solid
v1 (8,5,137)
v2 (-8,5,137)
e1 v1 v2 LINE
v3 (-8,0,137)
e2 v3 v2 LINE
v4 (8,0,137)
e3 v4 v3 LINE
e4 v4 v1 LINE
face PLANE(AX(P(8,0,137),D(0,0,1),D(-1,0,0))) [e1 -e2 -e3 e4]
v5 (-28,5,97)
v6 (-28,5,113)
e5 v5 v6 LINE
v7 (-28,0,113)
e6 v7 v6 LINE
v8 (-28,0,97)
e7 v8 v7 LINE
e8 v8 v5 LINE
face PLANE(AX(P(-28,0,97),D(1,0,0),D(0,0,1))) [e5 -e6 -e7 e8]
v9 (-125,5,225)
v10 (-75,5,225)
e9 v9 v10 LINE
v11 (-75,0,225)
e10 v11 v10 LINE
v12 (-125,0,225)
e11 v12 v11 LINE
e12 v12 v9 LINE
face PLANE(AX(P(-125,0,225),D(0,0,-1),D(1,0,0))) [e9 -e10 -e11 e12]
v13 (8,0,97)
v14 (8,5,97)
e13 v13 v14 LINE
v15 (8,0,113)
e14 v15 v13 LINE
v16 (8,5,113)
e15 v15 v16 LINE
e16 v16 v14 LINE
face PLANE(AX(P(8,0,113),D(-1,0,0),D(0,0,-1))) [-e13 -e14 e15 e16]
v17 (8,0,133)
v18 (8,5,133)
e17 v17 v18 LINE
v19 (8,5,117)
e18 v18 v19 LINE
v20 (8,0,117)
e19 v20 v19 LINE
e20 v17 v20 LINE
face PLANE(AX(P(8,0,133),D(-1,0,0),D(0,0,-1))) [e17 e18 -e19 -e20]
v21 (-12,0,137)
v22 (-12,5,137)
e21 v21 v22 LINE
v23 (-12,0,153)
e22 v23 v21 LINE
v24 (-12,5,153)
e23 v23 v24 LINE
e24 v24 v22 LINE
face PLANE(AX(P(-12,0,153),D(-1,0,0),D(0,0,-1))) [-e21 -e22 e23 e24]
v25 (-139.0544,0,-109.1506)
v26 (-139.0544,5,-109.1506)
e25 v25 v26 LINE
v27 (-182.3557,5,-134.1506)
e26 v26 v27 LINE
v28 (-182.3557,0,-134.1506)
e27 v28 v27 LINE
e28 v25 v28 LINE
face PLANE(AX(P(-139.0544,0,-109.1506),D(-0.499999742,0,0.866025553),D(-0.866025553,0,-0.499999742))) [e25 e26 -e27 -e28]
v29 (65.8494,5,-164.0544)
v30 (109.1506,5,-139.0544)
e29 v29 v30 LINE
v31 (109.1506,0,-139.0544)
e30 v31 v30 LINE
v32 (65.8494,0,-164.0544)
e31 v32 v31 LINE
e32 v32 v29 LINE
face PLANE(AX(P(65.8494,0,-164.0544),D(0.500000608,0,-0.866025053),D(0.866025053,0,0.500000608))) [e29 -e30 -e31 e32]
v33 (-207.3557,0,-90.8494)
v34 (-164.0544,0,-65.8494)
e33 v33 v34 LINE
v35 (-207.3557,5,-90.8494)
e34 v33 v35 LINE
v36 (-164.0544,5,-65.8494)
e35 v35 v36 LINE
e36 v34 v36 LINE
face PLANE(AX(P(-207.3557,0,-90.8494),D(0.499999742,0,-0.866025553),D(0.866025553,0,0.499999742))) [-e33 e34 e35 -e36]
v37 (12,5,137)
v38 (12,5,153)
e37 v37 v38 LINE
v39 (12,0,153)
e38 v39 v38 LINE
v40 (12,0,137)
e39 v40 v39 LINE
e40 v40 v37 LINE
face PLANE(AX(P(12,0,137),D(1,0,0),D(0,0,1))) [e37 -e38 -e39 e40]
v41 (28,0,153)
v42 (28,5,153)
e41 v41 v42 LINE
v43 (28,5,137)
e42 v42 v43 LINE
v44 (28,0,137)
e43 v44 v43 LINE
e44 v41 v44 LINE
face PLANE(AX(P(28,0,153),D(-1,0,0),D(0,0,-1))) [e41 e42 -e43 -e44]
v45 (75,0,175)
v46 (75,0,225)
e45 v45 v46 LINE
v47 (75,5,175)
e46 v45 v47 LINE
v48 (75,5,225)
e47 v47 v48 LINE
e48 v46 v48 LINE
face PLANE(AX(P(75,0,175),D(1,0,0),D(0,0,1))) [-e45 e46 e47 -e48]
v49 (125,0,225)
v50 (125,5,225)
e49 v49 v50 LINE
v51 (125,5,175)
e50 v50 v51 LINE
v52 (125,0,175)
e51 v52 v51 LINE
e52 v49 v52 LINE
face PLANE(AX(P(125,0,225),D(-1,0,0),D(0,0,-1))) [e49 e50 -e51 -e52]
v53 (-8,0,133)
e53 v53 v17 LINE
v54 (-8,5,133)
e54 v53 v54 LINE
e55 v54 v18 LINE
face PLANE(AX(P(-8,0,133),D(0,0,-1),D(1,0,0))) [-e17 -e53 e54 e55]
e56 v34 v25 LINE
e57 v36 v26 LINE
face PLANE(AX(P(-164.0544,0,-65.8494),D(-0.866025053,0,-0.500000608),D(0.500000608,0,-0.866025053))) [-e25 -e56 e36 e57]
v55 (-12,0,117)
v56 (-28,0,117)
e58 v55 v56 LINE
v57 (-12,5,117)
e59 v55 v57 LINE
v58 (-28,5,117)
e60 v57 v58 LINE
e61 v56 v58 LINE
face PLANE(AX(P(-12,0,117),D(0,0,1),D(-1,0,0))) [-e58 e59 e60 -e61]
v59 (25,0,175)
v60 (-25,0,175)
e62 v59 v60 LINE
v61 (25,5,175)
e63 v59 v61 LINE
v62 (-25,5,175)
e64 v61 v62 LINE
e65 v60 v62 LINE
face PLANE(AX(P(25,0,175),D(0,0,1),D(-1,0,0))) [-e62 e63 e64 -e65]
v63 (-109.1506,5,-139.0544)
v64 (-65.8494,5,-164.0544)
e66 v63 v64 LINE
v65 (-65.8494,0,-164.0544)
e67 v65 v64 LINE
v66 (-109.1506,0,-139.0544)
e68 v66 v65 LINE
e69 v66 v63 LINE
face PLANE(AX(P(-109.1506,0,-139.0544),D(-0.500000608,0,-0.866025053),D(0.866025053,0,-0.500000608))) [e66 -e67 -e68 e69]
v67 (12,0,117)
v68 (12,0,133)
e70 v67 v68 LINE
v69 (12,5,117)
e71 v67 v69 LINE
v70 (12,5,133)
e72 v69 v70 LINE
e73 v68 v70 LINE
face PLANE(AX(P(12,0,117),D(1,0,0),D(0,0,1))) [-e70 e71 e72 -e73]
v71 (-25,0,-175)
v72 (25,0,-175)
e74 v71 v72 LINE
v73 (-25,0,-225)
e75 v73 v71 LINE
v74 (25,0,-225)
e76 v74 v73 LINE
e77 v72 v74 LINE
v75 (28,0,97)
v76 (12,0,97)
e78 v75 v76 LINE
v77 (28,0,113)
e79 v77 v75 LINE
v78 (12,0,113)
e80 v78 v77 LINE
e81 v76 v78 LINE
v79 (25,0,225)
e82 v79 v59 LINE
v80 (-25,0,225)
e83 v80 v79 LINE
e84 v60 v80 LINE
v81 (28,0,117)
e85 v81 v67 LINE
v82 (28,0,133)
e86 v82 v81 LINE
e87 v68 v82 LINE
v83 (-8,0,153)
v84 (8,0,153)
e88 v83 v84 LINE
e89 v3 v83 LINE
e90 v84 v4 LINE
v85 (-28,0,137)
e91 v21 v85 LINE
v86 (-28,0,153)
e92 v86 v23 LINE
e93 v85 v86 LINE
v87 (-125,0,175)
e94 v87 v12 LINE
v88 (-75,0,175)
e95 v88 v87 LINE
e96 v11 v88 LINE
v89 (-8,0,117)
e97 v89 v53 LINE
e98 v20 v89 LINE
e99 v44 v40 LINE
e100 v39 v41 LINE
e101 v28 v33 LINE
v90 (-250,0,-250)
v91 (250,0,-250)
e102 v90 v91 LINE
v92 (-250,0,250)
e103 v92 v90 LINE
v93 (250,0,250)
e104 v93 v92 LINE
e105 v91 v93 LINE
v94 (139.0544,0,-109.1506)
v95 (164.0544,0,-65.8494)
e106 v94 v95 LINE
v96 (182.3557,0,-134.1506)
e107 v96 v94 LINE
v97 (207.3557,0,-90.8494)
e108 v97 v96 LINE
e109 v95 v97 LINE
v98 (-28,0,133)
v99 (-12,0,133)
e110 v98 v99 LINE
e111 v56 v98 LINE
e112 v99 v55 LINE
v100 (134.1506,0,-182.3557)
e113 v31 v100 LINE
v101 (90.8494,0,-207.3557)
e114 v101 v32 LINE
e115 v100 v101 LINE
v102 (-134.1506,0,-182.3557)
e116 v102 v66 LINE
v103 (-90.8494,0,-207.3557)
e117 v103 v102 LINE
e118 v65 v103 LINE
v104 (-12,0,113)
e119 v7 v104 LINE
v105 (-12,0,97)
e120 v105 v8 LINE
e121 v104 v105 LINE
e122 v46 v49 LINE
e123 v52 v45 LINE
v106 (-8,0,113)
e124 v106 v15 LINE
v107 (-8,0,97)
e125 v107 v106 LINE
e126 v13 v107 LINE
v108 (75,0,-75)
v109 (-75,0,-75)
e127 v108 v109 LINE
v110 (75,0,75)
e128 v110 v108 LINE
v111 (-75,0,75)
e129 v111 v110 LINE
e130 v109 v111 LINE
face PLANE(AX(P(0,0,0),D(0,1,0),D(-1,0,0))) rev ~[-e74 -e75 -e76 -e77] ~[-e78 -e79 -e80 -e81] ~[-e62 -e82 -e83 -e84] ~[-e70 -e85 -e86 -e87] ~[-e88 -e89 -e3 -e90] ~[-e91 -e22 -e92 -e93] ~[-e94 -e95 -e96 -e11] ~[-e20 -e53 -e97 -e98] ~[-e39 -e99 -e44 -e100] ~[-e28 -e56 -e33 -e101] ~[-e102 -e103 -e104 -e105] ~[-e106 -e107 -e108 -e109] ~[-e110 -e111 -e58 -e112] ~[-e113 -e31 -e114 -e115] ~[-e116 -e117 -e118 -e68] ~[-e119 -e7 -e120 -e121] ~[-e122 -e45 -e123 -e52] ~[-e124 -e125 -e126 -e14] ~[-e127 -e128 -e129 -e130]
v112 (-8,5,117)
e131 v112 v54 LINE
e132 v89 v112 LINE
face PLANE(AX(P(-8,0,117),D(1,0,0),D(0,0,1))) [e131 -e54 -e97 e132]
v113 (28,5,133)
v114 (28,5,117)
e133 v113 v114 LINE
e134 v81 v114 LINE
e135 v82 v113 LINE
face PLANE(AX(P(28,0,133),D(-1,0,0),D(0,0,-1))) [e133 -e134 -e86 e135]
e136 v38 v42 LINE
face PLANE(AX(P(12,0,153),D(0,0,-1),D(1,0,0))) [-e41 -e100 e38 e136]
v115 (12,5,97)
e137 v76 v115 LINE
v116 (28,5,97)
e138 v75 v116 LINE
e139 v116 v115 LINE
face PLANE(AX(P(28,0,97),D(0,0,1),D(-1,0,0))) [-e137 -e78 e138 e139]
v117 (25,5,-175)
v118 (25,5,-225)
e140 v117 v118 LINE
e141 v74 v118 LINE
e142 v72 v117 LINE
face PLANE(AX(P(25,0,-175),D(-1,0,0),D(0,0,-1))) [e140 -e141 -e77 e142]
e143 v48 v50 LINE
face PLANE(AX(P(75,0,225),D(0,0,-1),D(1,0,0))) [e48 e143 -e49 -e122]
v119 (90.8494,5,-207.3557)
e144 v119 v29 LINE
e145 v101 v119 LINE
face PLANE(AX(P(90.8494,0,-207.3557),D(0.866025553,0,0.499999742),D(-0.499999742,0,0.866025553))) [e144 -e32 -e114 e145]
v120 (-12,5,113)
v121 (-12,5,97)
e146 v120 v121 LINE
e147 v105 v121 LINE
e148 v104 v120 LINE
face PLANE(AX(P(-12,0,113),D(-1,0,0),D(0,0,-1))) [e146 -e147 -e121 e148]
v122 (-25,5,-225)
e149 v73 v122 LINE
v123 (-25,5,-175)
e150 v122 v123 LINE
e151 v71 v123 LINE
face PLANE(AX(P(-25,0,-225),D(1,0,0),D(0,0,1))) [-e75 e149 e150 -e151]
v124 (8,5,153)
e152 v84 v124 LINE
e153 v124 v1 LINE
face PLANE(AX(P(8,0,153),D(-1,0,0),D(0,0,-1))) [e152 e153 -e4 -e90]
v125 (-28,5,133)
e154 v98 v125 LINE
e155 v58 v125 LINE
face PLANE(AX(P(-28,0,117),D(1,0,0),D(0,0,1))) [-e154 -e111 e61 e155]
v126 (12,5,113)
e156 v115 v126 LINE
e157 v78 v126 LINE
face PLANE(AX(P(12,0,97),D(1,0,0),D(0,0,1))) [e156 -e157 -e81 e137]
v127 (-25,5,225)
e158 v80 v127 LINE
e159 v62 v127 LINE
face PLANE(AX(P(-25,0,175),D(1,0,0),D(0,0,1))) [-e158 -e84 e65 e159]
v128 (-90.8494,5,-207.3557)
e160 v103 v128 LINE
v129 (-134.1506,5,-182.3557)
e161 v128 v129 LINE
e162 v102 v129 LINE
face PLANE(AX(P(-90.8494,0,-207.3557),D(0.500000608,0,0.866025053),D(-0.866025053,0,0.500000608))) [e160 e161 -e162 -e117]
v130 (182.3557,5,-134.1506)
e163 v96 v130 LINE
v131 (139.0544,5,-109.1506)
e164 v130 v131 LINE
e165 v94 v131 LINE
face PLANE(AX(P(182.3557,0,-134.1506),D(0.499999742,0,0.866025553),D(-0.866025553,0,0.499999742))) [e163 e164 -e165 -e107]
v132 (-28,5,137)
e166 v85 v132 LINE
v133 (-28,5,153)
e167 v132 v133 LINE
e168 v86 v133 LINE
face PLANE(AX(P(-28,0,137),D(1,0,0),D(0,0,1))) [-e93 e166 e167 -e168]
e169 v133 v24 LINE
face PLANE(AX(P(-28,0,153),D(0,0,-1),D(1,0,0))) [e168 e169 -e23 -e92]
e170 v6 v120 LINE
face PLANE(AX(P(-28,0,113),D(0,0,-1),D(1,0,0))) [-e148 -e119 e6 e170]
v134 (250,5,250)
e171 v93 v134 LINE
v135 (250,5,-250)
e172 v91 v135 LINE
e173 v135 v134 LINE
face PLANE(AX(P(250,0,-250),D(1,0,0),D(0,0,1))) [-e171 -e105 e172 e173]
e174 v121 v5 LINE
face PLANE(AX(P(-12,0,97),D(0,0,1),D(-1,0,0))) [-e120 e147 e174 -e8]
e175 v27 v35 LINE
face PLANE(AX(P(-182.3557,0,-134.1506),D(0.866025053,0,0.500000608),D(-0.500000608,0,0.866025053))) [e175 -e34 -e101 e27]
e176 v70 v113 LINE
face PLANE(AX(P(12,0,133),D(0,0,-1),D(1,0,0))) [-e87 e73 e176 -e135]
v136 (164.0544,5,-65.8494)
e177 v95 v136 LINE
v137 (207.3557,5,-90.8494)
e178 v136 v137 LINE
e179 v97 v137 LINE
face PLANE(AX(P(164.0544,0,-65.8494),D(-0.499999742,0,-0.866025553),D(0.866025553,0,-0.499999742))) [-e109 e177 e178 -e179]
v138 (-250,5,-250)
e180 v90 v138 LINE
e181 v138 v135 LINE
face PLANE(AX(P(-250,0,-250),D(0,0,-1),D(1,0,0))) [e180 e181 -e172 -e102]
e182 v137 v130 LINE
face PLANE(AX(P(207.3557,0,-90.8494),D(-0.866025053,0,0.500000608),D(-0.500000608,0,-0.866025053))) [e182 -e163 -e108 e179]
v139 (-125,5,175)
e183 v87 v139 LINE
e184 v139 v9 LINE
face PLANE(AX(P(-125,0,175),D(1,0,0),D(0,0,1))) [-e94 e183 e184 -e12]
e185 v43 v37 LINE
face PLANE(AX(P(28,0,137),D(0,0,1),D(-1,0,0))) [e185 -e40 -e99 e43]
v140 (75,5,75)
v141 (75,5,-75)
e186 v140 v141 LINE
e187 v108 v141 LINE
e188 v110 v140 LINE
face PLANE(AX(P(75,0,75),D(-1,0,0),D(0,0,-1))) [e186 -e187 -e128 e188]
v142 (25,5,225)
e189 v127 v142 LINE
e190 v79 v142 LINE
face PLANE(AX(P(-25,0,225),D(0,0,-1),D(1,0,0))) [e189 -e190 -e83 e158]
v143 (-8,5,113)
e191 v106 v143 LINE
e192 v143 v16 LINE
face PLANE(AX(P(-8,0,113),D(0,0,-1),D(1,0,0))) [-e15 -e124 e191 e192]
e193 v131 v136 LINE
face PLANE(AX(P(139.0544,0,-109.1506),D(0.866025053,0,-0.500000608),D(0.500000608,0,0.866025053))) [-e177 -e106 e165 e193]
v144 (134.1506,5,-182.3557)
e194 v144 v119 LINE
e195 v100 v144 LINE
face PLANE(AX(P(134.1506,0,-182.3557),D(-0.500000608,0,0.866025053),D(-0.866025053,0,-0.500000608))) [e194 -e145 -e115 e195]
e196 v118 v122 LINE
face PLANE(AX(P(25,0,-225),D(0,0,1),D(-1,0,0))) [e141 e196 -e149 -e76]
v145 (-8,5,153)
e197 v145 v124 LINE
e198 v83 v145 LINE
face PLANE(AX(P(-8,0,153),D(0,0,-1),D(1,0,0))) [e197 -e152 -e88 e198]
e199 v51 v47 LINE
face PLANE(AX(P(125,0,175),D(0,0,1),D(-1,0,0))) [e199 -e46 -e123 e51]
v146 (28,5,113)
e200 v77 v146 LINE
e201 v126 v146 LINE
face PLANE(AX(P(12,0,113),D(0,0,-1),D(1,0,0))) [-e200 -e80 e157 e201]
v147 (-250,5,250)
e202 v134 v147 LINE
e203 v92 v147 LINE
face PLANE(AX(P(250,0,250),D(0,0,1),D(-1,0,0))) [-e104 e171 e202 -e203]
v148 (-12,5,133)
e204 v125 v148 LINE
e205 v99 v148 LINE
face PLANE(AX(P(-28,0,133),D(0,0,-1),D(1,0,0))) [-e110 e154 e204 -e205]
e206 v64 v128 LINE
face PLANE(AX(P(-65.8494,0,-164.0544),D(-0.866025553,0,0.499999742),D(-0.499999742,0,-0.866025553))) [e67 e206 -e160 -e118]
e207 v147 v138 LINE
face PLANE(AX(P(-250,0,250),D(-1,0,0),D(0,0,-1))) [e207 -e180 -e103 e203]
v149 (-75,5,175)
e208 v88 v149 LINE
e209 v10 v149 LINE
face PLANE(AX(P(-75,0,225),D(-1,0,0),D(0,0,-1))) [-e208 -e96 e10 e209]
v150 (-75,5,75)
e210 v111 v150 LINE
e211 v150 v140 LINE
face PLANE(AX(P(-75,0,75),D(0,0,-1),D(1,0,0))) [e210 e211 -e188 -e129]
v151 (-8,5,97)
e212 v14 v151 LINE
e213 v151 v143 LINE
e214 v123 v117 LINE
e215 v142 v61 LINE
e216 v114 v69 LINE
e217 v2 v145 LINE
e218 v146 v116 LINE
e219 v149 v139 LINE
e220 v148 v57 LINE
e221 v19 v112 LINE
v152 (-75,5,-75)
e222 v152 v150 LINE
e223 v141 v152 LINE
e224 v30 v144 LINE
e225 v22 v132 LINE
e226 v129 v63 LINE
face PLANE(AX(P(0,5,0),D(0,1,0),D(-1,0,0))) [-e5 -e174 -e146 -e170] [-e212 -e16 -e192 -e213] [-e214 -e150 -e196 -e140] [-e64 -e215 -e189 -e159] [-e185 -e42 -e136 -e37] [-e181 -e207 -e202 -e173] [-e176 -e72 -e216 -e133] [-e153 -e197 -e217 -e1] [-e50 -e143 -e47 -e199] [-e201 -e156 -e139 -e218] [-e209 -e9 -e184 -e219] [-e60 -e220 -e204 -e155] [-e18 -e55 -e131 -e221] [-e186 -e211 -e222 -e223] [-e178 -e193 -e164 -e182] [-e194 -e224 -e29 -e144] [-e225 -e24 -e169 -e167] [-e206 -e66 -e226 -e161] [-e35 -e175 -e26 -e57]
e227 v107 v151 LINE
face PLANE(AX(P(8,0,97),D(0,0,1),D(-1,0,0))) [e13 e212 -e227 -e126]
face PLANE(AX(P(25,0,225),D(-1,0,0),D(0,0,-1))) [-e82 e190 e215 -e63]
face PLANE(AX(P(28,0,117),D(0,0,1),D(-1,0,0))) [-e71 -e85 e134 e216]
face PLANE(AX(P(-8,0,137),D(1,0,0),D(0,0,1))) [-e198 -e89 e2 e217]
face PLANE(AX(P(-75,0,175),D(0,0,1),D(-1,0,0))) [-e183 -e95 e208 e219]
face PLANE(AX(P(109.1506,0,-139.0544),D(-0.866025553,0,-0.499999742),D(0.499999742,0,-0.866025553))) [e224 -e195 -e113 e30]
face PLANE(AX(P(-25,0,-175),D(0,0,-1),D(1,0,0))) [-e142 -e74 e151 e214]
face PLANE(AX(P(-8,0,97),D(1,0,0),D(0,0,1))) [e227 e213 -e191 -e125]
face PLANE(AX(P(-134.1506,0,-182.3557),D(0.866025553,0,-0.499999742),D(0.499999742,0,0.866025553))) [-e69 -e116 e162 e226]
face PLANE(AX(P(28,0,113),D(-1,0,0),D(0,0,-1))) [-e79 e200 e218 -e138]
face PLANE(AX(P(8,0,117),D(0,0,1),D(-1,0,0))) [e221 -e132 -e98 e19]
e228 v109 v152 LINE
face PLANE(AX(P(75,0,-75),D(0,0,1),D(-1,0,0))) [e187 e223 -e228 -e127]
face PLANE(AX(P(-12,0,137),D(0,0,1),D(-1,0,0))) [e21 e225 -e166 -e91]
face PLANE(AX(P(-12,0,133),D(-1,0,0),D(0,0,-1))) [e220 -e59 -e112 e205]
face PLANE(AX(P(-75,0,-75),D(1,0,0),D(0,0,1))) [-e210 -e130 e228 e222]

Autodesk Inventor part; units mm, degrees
ref_plane "YZ Plane" through (0, 0, 0) normal (1, 0, 0) x (0, 1, 0)
ref_plane "XZ Plane" through (0, 0, 0) normal (0, 1, 0) x (-1, 0, 0)
ref_plane "XY Plane" through (0, 0, 0) normal (0, 0, 1) x (1, 0, 0)
sketch "Эскиз1" plane through (0, 0, 0) normal (0, 1, 0) x (-1, 0, 0)
  line L0 (28, 97) -> (28, 113)
  line L1 (28, 113) -> (12, 113)
  line L2 (12, 113) -> (12, 97)
  line L3 (12, 97) -> (28, 97)
  line L4 (8, 97) -> (8, 113)
  line L5 (8, 113) -> (-8, 113)
  line L6 (-8, 113) -> (-8, 97)
  line L7 (-8, 97) -> (8, 97)
  line L8 (-12, 97) -> (-12, 113)
  line L9 (-12, 113) -> (-28, 113)
  line L10 (-28, 113) -> (-28, 97)
  line L11 (-28, 97) -> (-12, 97)
  line L12 (-12, 117) -> (-12, 133)
  line L13 (-12, 133) -> (-28, 133)
  line L14 (-28, 133) -> (-28, 117)
  line L15 (-28, 117) -> (-12, 117)
  line L16 (8, 133) -> (-8, 133)
  line L17 (-8, 133) -> (-8, 117)
  line L18 (-8, 117) -> (8, 117)
  line L19 (8, 117) -> (8, 133)
  line L20 (28, 117) -> (28, 133)
  line L21 (28, 133) -> (12, 133)
  line L22 (12, 133) -> (12, 117)
  line L23 (12, 117) -> (28, 117)
  line L24 (28, 137) -> (28, 153)
  line L25 (28, 153) -> (12, 153)
  line L26 (12, 153) -> (12, 137)
  line L27 (12, 137) -> (28, 137)
  line L28 (8, 137) -> (8, 153)
  line L29 (8, 153) -> (-8, 153)
  line L30 (-8, 153) -> (-8, 137)
  line L31 (-8, 137) -> (8, 137)
  line L32 (-12, 137) -> (-12, 153)
  line L33 (-12, 153) -> (-28, 153)
  line L34 (-28, 153) -> (-28, 137)
  line L35 (-28, 137) -> (-12, 137)
  line L36 (-75, 225) -> (-125, 225)
  line L37 (-125, 225) -> (-125, 175)
  line L38 (-125, 175) -> (-75, 175)
  line L39 (-75, 175) -> (-75, 225)
  line L40 (25, 225) -> (-25, 225)
  line L41 (-25, 225) -> (-25, 175)
  line L42 (-25, 175) -> (25, 175)
  line L43 (25, 175) -> (25, 225)
  line L44 (125, 225) -> (75, 225)
  line L45 (75, 225) -> (75, 175)
  line L46 (75, 175) -> (125, 175)
  line L47 (125, 175) -> (125, 225)
  line L48 (75, 75) -> (-75, 75)
  line L49 (-75, 75) -> (-75, -75)
  line L50 (-75, -75) -> (75, -75)
  line L51 (75, -75) -> (75, 75)
  line L52 (-139.0544, -109.1506) -> (-164.0544, -65.8494)
  line L53 (-164.0544, -65.8494) -> (-207.3557, -90.8494)
  line L54 (-207.3557, -90.8494) -> (-182.3557, -134.1506)
  line L55 (-182.3557, -134.1506) -> (-139.0544, -109.1506)
  line L56 (-65.8494, -164.0544) -> (-109.1506, -139.0544)
  line L57 (-109.1506, -139.0544) -> (-134.1506, -182.3557)
  line L58 (-134.1506, -182.3557) -> (-90.8494, -207.3557)
  line L59 (-90.8494, -207.3557) -> (-65.8494, -164.0544)
  line L60 (25, -175) -> (-25, -175)
  line L61 (-25, -175) -> (-25, -225)
  line L62 (-25, -225) -> (25, -225)
  line L63 (25, -225) -> (25, -175)
  line L64 (109.1506, -139.0544) -> (65.8494, -164.0544)
  line L65 (65.8494, -164.0544) -> (90.8494, -207.3557)
  line L66 (90.8494, -207.3557) -> (134.1506, -182.3557)
  line L67 (134.1506, -182.3557) -> (109.1506, -139.0544)
  line L68 (164.0544, -65.8494) -> (139.0544, -109.1506)
  line L69 (139.0544, -109.1506) -> (182.3557, -134.1506)
  line L70 (182.3557, -134.1506) -> (207.3557, -90.8494)
  line L71 (207.3557, -90.8494) -> (164.0544, -65.8494)
  line L72 (-250, -250) -> (-250, 250)
  line L73 (-250, 250) -> (250, 250)
  line L74 (250, 250) -> (250, -250)
  line L75 (250, -250) -> (-250, -250)
  line L76 (-75, 225) -> (-125, 225)
  line L77 (-125, 225) -> (-125, 175)
  line L78 (-125, 175) -> (-75, 175)
  line L79 (-75, 175) -> (-75, 225)
  line L80 (28, 153) -> (12, 153)
  line L81 (12, 153) -> (12, 137)
  line L82 (12, 137) -> (28, 137)
  line L83 (28, 137) -> (28, 153)
  line L84 (28, 133) -> (12, 133)
  line L85 (12, 133) -> (12, 117)
  line L86 (12, 117) -> (28, 117)
  line L87 (28, 117) -> (28, 133)
  line L88 (28, 113) -> (12, 113)
  line L89 (12, 113) -> (12, 97)
  line L90 (12, 97) -> (28, 97)
  line L91 (28, 97) -> (28, 113)
  line L92 (8, 113) -> (-8, 113)
  line L93 (-8, 113) -> (-8, 97)
  line L94 (-8, 97) -> (8, 97)
  line L95 (8, 97) -> (8, 113)
  line L96 (-12, 97) -> (-28, 97)
  line L97 (-28, 97) -> (-28, 113)
  line L98 (-28, 113) -> (-12, 113)
  line L99 (-12, 113) -> (-12, 97)
  line L100 (-12, 117) -> (-28, 117)
  line L101 (-28, 117) -> (-28, 133)
  line L102 (-28, 133) -> (-12, 133)
  line L103 (-12, 133) -> (-12, 117)
  line L104 (-12, 137) -> (-28, 137)
  line L105 (-28, 137) -> (-28, 153)
  line L106 (-28, 153) -> (-12, 153)
  line L107 (-12, 153) -> (-12, 137)
  line L108 (8, 153) -> (-8, 153)
  line L109 (-8, 153) -> (-8, 137)
  line L110 (-8, 137) -> (8, 137)
  line L111 (8, 137) -> (8, 153)
  line L112 (8, 133) -> (-8, 133)
  line L113 (-8, 133) -> (-8, 117)
  line L114 (-8, 117) -> (8, 117)
  line L115 (8, 117) -> (8, 133)
  line L116 (75, 75) -> (-75, 75)
  line L117 (-75, 75) -> (-75, -75)
  line L118 (-75, -75) -> (75, -75)
  line L119 (75, -75) -> (75, 75)
  point P0 (0, 0)
extrude "Выдавливание1" add sketch "Эскиз1" along normal blind 5
sketch "Эскиз2" plane through (0, 5, 0) normal (0, 1, 0) x (1, 0, 0)
  line L0 (-125, -175) -> (-75, -175) projected
  line L1 (-75, -175) -> (-75, -225) projected
  line L2 (0, 0) -> (-100, -200)
  line L3 (0, 0) -> (0, -75)
  line L4 (75, -75) -> (-75, -75) projected
  dimension "d2" = 223.6068
  dimension "d3" = 26.565
sketch "Эскиз3" plane through (0, 5, 0) normal (0, 1, 0) x (1, 0, 0)
  line L0 (75, -175) -> (125, -175) projected
  line L1 (75, -225) -> (75, -175) projected
  line L2 (125, -225) -> (75, -225) projected
  line L3 (125, -175) -> (125, -225) projected
  point P0 (0, 0)
  point P1 (100, -200)
properties part number "КВ33.045.001 - Основание" material "Дерево (береза)"
